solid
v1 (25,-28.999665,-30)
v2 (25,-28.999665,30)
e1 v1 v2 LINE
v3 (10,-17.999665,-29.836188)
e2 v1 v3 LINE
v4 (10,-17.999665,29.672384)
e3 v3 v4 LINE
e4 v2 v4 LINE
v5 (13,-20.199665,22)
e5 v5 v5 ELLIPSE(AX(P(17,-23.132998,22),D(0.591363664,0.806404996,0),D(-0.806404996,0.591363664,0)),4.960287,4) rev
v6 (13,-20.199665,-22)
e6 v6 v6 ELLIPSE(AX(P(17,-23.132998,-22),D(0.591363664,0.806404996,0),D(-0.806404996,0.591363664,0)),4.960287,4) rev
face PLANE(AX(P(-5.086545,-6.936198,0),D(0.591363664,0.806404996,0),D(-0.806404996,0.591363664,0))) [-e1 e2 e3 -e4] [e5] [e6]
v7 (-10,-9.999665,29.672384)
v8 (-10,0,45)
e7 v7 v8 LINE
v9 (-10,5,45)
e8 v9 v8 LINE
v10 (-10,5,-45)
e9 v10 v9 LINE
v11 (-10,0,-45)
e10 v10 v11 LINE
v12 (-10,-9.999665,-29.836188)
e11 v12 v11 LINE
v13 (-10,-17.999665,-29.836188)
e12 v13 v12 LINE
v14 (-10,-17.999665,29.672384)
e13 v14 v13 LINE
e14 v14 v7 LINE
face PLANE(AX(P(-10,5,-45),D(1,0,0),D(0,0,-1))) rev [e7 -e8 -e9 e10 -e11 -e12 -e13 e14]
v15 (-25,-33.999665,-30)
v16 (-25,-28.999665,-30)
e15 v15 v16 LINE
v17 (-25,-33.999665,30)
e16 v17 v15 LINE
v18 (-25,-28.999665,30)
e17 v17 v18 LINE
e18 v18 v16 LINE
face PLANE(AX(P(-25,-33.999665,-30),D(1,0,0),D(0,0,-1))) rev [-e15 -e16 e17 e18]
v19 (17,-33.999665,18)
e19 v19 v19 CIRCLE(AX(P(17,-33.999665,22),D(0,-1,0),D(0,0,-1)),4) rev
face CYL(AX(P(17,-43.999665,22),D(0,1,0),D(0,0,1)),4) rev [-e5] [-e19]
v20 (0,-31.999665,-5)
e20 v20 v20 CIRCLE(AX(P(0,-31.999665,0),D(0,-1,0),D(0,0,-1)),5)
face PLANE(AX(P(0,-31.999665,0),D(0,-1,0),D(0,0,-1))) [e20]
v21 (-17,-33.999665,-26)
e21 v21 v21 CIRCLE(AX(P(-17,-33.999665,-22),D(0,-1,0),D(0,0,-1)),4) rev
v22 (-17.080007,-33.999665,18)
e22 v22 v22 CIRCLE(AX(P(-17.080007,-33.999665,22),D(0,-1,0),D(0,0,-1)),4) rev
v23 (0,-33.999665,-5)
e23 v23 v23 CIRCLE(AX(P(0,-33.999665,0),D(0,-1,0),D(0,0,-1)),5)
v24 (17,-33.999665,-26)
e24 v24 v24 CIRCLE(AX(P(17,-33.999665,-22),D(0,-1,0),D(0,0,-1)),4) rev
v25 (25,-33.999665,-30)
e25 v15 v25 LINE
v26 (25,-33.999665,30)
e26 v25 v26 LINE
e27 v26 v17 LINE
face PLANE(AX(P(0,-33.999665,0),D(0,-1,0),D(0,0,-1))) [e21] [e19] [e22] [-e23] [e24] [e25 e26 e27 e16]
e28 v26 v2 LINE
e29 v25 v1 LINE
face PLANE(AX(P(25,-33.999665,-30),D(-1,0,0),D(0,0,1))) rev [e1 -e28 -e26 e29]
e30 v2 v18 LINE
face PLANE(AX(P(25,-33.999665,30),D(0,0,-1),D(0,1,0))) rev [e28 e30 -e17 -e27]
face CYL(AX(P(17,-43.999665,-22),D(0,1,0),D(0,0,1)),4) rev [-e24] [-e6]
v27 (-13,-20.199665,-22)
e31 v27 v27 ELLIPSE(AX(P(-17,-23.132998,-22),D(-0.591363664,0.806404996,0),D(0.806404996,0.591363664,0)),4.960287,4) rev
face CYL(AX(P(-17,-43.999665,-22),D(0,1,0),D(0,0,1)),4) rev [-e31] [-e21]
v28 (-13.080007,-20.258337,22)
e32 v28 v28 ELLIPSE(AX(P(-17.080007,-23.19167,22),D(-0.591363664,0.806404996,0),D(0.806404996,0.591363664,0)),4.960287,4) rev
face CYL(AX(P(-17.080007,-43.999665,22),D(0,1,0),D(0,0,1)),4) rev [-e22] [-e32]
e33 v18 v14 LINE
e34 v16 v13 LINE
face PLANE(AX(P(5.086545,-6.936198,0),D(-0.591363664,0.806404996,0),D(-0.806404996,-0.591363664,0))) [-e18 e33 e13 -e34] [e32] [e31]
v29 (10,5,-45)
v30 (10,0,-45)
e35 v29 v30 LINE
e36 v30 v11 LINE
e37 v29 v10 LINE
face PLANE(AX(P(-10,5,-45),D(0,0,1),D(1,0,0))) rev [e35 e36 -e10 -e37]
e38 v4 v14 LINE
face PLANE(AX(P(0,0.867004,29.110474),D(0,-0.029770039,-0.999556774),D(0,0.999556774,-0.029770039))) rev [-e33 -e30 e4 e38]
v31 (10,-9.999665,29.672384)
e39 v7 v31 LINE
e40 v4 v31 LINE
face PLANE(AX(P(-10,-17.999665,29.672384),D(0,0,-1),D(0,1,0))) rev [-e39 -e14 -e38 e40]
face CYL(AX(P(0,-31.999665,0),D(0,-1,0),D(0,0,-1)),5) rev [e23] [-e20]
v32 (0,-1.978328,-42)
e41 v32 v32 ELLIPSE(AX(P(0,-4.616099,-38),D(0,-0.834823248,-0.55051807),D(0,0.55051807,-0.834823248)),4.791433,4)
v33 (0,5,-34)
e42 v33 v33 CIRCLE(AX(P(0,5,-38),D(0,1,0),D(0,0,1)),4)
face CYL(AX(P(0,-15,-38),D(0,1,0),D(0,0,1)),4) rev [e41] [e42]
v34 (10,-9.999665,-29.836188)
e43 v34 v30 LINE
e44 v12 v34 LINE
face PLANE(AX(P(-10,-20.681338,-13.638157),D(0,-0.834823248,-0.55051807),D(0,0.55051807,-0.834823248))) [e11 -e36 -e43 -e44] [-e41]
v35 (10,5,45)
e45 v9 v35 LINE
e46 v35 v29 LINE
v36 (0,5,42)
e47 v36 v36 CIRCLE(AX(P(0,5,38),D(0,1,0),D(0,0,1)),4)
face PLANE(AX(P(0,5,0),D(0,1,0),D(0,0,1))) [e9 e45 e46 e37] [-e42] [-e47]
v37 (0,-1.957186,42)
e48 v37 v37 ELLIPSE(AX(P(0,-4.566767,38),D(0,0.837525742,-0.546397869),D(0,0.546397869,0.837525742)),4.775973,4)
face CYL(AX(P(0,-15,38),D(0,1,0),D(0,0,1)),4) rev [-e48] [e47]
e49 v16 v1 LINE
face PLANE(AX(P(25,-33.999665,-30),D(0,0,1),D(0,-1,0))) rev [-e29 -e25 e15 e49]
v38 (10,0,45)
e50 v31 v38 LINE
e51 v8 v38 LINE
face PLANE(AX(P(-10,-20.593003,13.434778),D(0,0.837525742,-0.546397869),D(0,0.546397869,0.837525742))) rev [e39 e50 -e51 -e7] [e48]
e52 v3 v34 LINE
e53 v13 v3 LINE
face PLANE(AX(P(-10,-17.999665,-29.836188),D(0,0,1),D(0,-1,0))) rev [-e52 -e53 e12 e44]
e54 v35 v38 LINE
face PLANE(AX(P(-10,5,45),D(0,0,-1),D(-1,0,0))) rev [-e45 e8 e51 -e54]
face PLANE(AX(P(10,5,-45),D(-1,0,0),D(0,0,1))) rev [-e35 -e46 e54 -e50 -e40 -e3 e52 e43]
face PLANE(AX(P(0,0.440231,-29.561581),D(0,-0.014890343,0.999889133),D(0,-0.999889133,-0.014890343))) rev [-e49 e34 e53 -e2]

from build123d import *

# Parameters (mm, degrees)
SKETCH1_W               = 20
SKETCH1_H               = 90
BOSS_EXTRUDE1_DEPTH     = 5
BOSS_EXTRUDE2_DEPTH     = 20
SKETCH3_W               = 50
SKETCH3_H               = 60
BOSS_EXTRUDE3_DEPTH     = 5
SKETCH6_W               = 20
SKETCH6_H               = 59.508572424
BOSS_EXTRUDE4_DEPTH     = 8
CUT_EXTRUDE3_DEPTH      = 10
CUT_EXTRUDE3_DEPTH_BACK = 20
SKETCH5_R               = 4
CUT_EXTRUDE4_DEPTH      = 20
SKETCH7_R               = 5
CUT_EXTRUDE5_DEPTH      = 2


with BuildPart() as part:
    # Sketch1 → Boss-Extrude1 (new body)
    with BuildSketch(Plane(origin=(0, 0, 0), x_dir=(1, 0, 0), z_dir=(0, 1, 0))):
        Rectangle(SKETCH1_W, SKETCH1_H)
    extrude(amount=BOSS_EXTRUDE1_DEPTH)

    # Sketch2 → Boss-Extrude2 (add)
    with BuildSketch(Plane(origin=(10, 0, 0), x_dir=(0, 0, -1), z_dir=(1, 0, 0))):
        Polygon((-45, 0), (-29.672384363, -9.999664599), (0.081901849, -9.999664599), (0, 0), align=None)
        Polygon((0, 0), (0.081901849, -9.999664599), (29.836188061, -9.999664599), (45, 0), align=None)
    extrude(amount=-BOSS_EXTRUDE2_DEPTH)

    # Sketch6 → Boss-Extrude4 (add)
    with BuildSketch(Plane.XZ.offset(9.999664599)):
        with Locations((0, -0.081901849)):
            Rectangle(SKETCH6_W, SKETCH6_H)
    extrude(amount=BOSS_EXTRUDE4_DEPTH)


with BuildPart() as body_2:
    # Sketch3 → Boss-Extrude3 (new body)
    with BuildSketch(Plane(origin=(0, -28.999664599, 0), x_dir=(-1, 0, 0), z_dir=(0, -1, 0))):
        Rectangle(SKETCH3_W, SKETCH3_H)
    extrude(amount=BOSS_EXTRUDE3_DEPTH)


    add(part.part)  # loft3 joins it to this body
    # loft from a face of the part (loft3)
    loft([body_2.faces().sort_by_distance((0, -28.999664599, 0))[0], body_2.faces().sort_by_distance((0, -17.999664599, -0.081901849))[0]])

    # Sketch4 → Cut-Extrude3 (cut, two sides: drawn at the far end of the back side and taken through both)
    with BuildSketch(Plane.XZ.offset(33.999664599).offset(-CUT_EXTRUDE3_DEPTH_BACK)):
        with BuildLine():
            ThreePointArc((-13.080007345, 22), (-14.251580221, 24.828427125), (-17.080007345, 26))
            Line((-17.080007345, 26), (-17.080007345, 22))
            Line((-17.080007345, 22), (-21.080007345, 22))
            ThreePointArc((-21.080007345, 22), (-17.080007345, 18), (-13.080007345, 22))
        make_face()
        with BuildLine():
            Line((-17.080007345, 22), (-17.080007345, 26))
            ThreePointArc((-17.080007345, 26), (-19.90843447, 24.828427125), (-21.080007345, 22))
            Line((-21.080007345, 22), (-17.080007345, 22))
        make_face()
        with BuildLine():
            ThreePointArc((21, 22), (19.828427125, 24.828427125), (17, 26))
            Line((17, 26), (17, 22))
            Line((17, 22), (21, 22))
        make_face()
        with BuildLine():
            Line((17, 22), (17, 26))
            ThreePointArc((17, 26), (14.171572875, 19.171572875), (21, 22))
            Line((21, 22), (17, 22))
        make_face()
        with BuildLine():
            ThreePointArc((-21, -22), (-19.828427125, -24.828427125), (-17, -26))
            Line((-17, -26), (-17, -22))
            Line((-17, -22), (-21, -22))
        make_face()
        with BuildLine():
            Line((-17, -22), (-17, -26))
            ThreePointArc((-17, -26), (-14.171572875, -24.828427125), (-13, -22))
            ThreePointArc((-13, -22), (-17, -18), (-21, -22))
            Line((-21, -22), (-17, -22))
        make_face()
        with BuildLine():
            ThreePointArc((21, -22), (14.171572875, -19.171572875), (17, -26))
            Line((17, -26), (17, -22))
            Line((17, -22), (21, -22))
        make_face()
        with BuildLine():
            Line((17, -22), (17, -26))
            ThreePointArc((17, -26), (19.828427125, -24.828427125), (21, -22))
            Line((21, -22), (17, -22))
        make_face()
    extrude(amount=CUT_EXTRUDE3_DEPTH + CUT_EXTRUDE3_DEPTH_BACK, mode=Mode.SUBTRACT)

    # Sketch5 → Cut-Extrude4 (cut)
    with BuildSketch(Plane(origin=(0, 5, 0), x_dir=(1, 0, 0), z_dir=(0, 1, 0))):
        with Locations(Location((0, 38, 0), (0, 0, 270))):
            Circle(SKETCH5_R)
        with Locations(Location((0, -38, 0), (0, 0, 270))):
            Circle(SKETCH5_R)
    extrude(amount=-CUT_EXTRUDE4_DEPTH, mode=Mode.SUBTRACT)

    # Sketch7 → Cut-Extrude5 (cut)
    with BuildSketch(Plane.XZ.offset(33.999664599)):
        with Locations(Location((0, 0, 0), (0, 0, 270))):
            Circle(SKETCH7_R)
    extrude(amount=-CUT_EXTRUDE5_DEPTH, mode=Mode.SUBTRACT)


solid = body_2.part
